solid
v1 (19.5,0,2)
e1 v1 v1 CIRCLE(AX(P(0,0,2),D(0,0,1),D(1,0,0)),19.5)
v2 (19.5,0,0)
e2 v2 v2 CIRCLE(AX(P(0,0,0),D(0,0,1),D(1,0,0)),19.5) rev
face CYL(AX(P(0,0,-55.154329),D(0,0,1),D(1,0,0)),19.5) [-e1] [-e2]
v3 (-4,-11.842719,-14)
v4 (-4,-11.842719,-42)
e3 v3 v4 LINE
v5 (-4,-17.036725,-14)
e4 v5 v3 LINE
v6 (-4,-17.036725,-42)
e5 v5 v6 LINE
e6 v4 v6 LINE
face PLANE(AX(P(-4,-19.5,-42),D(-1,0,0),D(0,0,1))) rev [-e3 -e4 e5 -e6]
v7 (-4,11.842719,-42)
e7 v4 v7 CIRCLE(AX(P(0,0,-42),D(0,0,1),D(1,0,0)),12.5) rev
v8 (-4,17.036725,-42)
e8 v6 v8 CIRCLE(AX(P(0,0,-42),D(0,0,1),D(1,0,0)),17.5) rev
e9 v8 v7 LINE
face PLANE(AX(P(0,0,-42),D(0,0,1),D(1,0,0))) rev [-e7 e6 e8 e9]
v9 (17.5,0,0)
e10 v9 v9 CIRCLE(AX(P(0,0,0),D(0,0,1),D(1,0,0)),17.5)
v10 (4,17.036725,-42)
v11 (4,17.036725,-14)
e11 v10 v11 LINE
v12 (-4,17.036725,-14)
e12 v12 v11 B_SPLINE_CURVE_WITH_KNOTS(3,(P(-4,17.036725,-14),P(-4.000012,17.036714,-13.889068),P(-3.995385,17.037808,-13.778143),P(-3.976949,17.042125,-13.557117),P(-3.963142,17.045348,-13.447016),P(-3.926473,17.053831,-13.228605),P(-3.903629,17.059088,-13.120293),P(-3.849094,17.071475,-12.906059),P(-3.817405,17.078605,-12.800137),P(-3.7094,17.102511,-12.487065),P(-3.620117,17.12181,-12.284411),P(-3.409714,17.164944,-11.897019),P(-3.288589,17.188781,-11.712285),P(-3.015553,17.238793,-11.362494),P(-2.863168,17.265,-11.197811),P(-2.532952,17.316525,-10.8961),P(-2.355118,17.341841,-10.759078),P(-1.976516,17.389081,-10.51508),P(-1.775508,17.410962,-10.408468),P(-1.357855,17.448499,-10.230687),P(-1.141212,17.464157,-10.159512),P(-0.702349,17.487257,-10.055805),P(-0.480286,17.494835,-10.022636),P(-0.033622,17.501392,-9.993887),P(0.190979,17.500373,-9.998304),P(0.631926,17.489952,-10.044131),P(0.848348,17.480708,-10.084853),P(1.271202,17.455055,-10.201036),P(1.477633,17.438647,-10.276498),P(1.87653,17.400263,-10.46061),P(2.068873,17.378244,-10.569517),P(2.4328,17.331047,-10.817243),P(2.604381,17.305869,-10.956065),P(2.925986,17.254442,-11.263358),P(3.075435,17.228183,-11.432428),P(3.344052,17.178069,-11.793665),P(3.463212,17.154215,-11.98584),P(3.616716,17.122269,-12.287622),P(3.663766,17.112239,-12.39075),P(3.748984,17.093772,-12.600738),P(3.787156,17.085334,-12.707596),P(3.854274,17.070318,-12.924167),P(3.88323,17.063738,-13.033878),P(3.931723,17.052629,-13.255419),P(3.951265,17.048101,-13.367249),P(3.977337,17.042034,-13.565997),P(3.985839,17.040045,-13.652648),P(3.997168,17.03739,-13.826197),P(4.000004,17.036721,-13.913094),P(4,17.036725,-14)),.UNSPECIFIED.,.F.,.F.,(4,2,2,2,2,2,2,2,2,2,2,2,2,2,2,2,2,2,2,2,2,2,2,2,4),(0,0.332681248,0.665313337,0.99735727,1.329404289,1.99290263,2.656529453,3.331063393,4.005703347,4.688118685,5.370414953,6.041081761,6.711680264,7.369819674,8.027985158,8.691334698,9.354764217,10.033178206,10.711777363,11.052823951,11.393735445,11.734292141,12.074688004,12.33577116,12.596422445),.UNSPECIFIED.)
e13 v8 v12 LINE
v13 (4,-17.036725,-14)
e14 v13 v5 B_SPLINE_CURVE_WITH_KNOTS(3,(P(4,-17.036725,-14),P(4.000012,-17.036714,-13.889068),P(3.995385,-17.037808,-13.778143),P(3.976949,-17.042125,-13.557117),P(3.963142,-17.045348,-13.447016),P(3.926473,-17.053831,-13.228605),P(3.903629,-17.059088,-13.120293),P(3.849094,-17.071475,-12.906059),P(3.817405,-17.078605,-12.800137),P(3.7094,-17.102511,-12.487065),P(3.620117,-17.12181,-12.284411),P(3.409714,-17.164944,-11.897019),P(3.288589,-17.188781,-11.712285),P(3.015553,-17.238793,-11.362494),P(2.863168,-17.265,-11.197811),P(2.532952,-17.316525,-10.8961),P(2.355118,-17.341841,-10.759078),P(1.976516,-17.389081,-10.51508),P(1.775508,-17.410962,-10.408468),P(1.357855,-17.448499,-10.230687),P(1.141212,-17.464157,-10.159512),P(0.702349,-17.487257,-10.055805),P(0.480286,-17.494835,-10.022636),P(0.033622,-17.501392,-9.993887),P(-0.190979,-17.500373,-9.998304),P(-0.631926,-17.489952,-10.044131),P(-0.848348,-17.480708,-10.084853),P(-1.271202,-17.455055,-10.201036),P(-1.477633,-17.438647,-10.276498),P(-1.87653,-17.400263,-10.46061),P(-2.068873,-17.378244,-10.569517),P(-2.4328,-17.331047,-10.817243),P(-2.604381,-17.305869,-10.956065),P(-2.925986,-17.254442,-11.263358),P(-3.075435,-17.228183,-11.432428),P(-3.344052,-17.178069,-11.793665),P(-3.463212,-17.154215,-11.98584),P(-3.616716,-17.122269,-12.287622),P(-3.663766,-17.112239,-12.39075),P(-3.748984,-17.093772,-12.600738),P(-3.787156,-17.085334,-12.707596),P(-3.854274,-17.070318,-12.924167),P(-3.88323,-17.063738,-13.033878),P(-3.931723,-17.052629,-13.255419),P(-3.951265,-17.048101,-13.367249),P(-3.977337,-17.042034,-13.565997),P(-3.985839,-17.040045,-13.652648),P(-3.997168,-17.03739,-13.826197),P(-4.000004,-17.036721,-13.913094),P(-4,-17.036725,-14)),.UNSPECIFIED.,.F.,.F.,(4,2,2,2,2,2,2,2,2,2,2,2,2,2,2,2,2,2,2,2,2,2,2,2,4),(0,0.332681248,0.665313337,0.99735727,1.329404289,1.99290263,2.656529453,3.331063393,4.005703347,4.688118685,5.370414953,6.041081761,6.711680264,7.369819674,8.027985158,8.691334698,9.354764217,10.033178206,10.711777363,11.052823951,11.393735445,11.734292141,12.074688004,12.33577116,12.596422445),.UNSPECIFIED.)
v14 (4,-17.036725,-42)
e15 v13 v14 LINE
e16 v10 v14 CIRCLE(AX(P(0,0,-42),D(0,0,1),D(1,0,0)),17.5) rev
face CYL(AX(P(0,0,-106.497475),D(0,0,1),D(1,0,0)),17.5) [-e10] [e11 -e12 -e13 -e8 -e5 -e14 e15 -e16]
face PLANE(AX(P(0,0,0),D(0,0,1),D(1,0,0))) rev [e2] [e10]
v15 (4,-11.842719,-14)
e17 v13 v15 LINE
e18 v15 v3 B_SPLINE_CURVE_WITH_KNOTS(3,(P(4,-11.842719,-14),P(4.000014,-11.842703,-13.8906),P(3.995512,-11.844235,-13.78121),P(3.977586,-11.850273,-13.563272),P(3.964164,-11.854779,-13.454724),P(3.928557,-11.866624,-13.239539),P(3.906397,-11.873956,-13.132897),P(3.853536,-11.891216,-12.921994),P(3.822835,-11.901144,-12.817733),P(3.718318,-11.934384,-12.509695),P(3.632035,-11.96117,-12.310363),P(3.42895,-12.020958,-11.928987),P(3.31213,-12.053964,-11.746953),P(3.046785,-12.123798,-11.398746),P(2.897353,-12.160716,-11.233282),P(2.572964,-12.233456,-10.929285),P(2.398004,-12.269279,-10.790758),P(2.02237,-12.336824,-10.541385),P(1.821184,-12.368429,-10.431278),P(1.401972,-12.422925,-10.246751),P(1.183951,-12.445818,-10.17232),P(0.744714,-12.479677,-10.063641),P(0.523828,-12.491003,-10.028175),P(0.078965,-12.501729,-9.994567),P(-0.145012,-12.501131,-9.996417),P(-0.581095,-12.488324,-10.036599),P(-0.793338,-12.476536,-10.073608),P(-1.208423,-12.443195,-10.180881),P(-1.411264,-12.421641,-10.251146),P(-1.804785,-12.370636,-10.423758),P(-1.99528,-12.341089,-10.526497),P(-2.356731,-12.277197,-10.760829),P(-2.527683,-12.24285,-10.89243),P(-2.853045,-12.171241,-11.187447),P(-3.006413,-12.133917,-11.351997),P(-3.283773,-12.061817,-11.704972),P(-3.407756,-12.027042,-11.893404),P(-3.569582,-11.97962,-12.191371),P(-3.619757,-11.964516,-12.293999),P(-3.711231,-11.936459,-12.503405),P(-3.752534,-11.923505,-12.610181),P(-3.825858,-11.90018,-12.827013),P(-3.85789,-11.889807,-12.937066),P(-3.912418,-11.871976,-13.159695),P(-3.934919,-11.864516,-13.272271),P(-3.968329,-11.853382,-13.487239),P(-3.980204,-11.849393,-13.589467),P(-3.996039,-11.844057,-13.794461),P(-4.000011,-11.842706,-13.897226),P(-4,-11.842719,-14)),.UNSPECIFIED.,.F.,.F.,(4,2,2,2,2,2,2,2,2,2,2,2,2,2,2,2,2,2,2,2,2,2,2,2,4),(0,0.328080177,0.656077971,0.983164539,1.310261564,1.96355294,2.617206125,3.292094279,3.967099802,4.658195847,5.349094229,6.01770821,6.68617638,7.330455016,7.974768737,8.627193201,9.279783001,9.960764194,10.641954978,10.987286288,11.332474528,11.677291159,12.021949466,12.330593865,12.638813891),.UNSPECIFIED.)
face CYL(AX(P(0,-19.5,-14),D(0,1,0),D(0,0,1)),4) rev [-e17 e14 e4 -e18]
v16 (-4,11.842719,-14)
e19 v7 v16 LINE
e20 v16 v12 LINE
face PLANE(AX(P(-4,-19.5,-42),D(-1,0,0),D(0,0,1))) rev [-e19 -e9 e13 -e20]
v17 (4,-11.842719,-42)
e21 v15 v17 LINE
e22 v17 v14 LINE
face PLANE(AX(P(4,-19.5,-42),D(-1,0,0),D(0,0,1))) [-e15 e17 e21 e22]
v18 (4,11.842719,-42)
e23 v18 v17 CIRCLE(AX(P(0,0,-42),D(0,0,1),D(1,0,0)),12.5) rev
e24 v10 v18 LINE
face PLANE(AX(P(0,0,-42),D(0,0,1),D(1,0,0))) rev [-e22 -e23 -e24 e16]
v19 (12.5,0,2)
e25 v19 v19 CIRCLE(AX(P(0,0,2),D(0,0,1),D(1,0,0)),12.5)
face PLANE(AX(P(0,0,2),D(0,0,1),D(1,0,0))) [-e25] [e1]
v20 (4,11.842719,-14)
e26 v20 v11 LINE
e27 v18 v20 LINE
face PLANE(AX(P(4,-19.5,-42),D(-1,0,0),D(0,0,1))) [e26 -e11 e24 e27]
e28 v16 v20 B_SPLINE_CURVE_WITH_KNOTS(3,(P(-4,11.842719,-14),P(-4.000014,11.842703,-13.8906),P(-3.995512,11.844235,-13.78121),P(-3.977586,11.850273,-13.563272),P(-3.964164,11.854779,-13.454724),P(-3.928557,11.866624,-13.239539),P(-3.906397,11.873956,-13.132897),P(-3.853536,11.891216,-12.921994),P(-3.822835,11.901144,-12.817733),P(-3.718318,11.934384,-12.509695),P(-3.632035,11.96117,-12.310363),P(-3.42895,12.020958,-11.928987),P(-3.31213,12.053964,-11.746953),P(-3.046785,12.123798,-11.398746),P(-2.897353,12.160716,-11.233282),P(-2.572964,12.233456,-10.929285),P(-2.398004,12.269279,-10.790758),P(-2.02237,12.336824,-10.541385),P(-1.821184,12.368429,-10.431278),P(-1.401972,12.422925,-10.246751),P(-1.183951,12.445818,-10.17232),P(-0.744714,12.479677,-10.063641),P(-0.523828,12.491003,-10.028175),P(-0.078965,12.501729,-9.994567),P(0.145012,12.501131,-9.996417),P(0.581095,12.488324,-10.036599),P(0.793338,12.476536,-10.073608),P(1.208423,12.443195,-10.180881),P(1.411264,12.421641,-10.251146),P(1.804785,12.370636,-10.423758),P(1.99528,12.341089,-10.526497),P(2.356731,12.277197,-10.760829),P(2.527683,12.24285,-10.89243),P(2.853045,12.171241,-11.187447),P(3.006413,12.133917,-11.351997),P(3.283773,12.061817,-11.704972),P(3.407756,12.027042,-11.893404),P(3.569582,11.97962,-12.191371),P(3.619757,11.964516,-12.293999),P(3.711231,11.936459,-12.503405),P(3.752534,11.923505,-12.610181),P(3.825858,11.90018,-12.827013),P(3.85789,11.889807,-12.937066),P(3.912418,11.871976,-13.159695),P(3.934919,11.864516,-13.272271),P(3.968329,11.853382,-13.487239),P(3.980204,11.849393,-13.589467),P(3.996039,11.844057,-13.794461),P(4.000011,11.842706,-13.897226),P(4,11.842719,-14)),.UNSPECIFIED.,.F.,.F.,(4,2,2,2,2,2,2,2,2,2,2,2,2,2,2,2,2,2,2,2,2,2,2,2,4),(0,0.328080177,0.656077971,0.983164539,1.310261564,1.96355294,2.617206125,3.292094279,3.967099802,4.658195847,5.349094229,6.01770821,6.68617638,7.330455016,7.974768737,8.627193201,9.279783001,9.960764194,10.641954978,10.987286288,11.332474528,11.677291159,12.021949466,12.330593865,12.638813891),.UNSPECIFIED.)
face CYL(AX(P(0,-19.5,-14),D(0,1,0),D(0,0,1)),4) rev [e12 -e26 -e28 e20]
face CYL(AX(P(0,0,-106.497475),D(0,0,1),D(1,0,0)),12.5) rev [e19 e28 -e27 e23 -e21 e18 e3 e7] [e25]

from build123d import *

# Parameters (mm, degrees)
SKETCH_1_R               = 17.5
SKETCH_1_R_2             = 12.5
EXTRUDE_1_DEPTH          = 2
EXTRUDE_1_DEPTH_BACK     = 42
SKETCH_2_R               = 19.5
SKETCH_2_R_2             = 17.5
EXTRUDE_2_DEPTH          = 2
CUT_EXTRUDE_1_DEPTH      = 20.5
CUT_EXTRUDE_1_DEPTH_BACK = 20.5


with BuildPart() as part:
    # Эскиз1 → Бобышка-Вытянуть1 (new body, two sides)
    with BuildSketch(Plane.XY) as extrude_1_sk:
        Circle(SKETCH_1_R)
        Circle(SKETCH_1_R_2, mode=Mode.SUBTRACT)
    extrude(amount=EXTRUDE_1_DEPTH)
    extrude(extrude_1_sk.sketch, amount=-EXTRUDE_1_DEPTH_BACK)

    # Эскиз2 → Бобышка-Вытянуть2 (add)
    with BuildSketch(Plane.XY.offset(2)):
        Circle(SKETCH_2_R)
        Circle(SKETCH_2_R_2, mode=Mode.SUBTRACT)
    extrude(amount=-EXTRUDE_2_DEPTH)

    # Эскиз3 → Вырез-Вытянуть1 (cut, two sides)
    with BuildSketch(Plane(origin=(0, 0, 0), x_dir=(1, 0, 0), z_dir=(0, 1, 0))) as cut_extrude_1_sk:
        with BuildLine():
            Line((4, 42), (4, 14))
            ThreePointArc((4, 14), (0, 10), (-4, 14))
            Line((-4, 14), (-4, 42))
            ThreePointArc((-4, 42), (0, 46), (4, 42))
        make_face()
    extrude(amount=CUT_EXTRUDE_1_DEPTH, mode=Mode.SUBTRACT)
    extrude(cut_extrude_1_sk.sketch, amount=-CUT_EXTRUDE_1_DEPTH_BACK, mode=Mode.SUBTRACT)


solid = part.part
